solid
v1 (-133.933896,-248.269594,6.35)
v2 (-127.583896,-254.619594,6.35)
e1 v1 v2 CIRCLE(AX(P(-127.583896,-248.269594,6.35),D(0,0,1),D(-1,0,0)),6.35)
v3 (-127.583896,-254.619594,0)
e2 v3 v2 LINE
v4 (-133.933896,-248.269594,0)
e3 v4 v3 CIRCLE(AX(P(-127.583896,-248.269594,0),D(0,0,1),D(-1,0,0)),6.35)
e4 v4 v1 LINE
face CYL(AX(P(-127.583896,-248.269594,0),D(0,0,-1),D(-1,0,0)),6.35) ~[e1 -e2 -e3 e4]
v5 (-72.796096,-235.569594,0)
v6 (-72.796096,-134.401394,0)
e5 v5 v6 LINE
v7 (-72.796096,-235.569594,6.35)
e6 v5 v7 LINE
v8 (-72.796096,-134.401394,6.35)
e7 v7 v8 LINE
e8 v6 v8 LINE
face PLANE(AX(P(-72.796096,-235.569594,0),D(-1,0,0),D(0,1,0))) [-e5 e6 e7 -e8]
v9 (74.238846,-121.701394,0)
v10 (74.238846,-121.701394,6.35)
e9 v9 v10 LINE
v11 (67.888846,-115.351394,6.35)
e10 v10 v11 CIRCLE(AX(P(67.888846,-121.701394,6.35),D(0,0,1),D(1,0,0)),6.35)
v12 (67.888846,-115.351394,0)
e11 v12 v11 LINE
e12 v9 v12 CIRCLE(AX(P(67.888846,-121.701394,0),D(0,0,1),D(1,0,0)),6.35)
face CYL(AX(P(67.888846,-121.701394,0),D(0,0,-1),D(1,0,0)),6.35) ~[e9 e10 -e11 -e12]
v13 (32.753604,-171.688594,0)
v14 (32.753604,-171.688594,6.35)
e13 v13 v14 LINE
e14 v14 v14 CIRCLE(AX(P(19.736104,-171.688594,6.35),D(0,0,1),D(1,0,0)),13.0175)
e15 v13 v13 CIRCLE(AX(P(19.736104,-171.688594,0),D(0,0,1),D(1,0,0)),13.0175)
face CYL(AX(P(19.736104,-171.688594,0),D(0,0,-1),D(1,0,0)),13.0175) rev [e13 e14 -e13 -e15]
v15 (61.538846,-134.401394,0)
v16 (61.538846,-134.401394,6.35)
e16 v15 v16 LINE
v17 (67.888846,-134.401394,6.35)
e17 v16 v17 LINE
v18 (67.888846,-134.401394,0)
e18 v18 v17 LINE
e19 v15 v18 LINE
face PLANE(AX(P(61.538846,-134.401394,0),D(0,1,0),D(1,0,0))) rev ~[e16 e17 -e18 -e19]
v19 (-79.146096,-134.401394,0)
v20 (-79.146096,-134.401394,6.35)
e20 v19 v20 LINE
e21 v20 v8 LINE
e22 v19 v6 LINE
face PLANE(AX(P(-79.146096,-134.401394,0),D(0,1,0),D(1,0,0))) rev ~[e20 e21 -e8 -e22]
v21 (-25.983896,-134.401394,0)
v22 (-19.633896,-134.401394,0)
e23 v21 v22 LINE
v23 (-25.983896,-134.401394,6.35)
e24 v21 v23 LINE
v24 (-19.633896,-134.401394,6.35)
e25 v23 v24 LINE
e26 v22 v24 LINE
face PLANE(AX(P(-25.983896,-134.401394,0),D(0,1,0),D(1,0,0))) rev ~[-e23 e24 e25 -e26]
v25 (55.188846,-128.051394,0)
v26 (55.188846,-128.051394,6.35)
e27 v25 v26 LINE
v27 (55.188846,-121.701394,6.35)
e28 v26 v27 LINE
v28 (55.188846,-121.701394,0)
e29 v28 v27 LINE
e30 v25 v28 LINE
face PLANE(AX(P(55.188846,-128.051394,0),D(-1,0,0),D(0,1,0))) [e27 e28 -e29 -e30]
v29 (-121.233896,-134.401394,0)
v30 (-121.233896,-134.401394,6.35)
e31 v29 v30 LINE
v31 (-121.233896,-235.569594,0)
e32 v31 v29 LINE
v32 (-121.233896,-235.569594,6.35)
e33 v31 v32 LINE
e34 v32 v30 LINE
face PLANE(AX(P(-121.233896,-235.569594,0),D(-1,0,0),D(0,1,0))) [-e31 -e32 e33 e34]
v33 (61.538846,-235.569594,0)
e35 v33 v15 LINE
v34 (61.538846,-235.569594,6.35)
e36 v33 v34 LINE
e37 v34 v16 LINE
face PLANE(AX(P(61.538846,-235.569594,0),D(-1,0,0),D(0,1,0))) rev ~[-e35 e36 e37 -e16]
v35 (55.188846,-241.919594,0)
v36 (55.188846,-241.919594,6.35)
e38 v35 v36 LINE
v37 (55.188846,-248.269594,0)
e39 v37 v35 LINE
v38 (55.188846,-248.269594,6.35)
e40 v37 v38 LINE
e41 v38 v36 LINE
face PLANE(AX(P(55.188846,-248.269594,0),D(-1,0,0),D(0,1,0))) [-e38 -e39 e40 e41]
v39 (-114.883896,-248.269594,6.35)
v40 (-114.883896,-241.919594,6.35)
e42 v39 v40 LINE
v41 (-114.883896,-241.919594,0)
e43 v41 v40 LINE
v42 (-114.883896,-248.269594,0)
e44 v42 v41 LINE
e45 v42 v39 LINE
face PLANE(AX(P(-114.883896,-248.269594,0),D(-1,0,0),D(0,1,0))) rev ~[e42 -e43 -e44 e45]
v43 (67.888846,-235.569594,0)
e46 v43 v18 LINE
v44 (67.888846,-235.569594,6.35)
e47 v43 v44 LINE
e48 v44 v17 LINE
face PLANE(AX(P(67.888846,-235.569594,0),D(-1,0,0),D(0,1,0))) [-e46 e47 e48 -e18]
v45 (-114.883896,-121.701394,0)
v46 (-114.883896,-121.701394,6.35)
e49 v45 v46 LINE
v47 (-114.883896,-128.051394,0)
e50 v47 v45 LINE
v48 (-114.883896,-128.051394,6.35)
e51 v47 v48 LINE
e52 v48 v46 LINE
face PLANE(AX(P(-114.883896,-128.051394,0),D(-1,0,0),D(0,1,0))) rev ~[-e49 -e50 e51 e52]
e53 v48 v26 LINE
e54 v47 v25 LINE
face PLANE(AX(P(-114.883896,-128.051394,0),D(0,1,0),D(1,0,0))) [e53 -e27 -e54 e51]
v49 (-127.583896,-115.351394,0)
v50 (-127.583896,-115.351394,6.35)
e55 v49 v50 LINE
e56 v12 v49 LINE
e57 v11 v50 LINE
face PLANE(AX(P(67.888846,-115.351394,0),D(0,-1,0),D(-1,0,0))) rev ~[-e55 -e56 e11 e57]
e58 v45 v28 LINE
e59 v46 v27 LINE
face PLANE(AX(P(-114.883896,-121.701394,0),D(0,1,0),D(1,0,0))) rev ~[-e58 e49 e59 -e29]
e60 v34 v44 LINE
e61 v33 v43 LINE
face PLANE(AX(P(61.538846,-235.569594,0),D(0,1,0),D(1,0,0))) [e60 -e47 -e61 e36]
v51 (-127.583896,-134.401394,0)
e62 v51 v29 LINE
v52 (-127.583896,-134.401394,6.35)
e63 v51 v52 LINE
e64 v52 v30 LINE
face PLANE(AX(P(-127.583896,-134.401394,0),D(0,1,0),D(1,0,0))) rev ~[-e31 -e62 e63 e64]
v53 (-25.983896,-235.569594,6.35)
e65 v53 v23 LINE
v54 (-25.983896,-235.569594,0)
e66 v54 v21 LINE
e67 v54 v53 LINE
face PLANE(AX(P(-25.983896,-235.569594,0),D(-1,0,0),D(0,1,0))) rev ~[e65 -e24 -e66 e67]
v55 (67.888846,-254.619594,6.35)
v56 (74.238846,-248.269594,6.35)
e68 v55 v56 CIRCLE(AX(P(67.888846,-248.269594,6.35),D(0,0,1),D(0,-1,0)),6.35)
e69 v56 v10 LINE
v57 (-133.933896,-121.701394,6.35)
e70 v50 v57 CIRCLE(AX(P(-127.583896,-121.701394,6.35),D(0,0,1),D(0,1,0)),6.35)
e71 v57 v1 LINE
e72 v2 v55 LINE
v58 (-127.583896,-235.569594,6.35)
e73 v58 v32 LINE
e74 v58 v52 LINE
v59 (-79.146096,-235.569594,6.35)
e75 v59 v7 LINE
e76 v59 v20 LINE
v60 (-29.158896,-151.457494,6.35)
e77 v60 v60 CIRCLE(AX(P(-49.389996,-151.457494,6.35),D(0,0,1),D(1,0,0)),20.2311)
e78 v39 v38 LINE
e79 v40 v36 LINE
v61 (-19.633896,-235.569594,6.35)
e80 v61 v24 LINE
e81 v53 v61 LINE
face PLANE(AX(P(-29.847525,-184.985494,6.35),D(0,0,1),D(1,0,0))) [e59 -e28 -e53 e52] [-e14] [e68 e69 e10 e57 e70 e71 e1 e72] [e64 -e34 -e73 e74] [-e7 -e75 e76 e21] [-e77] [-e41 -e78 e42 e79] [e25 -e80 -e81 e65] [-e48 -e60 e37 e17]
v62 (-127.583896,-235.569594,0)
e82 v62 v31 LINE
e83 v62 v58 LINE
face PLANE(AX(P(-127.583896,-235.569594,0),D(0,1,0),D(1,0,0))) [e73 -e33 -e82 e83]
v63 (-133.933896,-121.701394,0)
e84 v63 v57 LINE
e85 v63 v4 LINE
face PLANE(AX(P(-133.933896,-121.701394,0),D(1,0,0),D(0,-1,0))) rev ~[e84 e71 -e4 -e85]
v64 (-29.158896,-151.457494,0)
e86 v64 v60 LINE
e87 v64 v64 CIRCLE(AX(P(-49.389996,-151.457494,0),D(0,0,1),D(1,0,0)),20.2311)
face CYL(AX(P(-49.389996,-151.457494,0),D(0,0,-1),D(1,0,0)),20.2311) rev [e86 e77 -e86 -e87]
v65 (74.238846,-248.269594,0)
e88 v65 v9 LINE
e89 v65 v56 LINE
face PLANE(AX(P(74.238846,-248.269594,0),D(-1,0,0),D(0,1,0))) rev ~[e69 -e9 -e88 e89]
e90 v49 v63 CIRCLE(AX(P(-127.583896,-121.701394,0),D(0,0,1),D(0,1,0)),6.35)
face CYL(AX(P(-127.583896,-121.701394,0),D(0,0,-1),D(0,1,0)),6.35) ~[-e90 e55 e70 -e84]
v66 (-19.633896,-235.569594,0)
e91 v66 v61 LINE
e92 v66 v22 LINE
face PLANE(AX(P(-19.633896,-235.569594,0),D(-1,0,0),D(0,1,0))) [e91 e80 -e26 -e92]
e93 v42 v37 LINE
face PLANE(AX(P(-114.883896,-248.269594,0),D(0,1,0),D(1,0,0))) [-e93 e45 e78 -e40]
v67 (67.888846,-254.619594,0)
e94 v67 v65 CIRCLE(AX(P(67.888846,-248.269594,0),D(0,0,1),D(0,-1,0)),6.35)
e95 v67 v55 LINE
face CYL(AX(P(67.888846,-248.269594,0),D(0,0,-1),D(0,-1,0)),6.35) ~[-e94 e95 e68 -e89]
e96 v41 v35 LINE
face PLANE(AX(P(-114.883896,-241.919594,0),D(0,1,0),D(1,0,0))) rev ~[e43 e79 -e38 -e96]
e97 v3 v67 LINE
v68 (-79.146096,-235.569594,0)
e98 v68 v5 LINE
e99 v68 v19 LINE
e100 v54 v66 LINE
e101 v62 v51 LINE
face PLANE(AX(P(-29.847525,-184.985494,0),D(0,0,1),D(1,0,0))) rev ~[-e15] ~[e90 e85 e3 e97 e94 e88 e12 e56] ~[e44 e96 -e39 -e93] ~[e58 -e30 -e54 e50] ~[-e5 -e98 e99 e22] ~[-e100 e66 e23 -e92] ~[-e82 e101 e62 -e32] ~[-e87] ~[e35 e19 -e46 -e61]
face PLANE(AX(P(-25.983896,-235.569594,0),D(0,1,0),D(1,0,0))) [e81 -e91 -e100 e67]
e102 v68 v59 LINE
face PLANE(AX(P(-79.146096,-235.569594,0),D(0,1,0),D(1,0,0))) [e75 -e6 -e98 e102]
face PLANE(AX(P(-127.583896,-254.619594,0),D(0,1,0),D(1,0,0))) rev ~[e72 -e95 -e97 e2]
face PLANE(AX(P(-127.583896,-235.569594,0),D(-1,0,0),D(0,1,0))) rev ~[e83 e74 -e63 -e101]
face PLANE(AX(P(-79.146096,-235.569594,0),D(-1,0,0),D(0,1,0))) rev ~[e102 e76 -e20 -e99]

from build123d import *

# Parameters (mm, degrees)
SKETCH1_R           = 20.2311
SKETCH1_R_2         = 13.0175
SKETCH1_W           = 6.35
SKETCH1_H           = 101.1682
SKETCH1_W_2         = 170.072742275
SKETCH1_H_2         = 6.35
BOSS_EXTRUDE1_DEPTH = 6.35


with BuildPart() as part:
    # Sketch1 → Boss-Extrude1 (new body)
    with BuildSketch(Plane.XY):
        with BuildLine():
            Line((-127.583895856, -254.619594065), (67.888846419, -254.619594065))
            ThreePointArc((67.888846419, -254.619594065), (72.378974479, -252.759722126), (74.238846419, -248.269594065))
            Line((74.238846419, -248.269594065), (74.238846419, -121.701394065))
            ThreePointArc((74.238846419, -121.701394065), (72.378974479, -117.211266005), (67.888846419, -115.351394065))
            Line((67.888846419, -115.351394065), (-127.583895856, -115.351394065))
            ThreePointArc((-127.583895856, -115.351394065), (-132.074023916, -117.211266005), (-133.933895856, -121.701394065))
            Line((-133.933895856, -121.701394065), (-133.933895856, -248.269594065))
            ThreePointArc((-133.933895856, -248.269594065), (-132.074023916, -252.759722126), (-127.583895856, -254.619594065))
        make_face()
        with Locations((-49.389995856, -151.457494065)):
            Circle(SKETCH1_R, mode=Mode.SUBTRACT)
        with Locations((19.736104144, -171.688594065)):
            Circle(SKETCH1_R_2, mode=Mode.SUBTRACT)
        with Locations((-75.971095856, -184.985494065)):
            Rectangle(SKETCH1_W, SKETCH1_H, mode=Mode.SUBTRACT)
        with Locations((-124.408895856, -184.985494065)):
            Rectangle(SKETCH1_W, SKETCH1_H, mode=Mode.SUBTRACT)
        with Locations((64.713846419, -184.985494065)):
            Rectangle(SKETCH1_W, SKETCH1_H, mode=Mode.SUBTRACT)
        with Locations((-22.808895856, -184.985494065)):
            Rectangle(SKETCH1_W, SKETCH1_H, mode=Mode.SUBTRACT)
        with Locations((-29.847524719, -124.876394065)):
            Rectangle(SKETCH1_W_2, SKETCH1_H_2, mode=Mode.SUBTRACT)
        with Locations((-29.847524719, -245.094594065)):
            Rectangle(SKETCH1_W_2, SKETCH1_H_2, mode=Mode.SUBTRACT)
    extrude(amount=BOSS_EXTRUDE1_DEPTH)


solid = part.part
